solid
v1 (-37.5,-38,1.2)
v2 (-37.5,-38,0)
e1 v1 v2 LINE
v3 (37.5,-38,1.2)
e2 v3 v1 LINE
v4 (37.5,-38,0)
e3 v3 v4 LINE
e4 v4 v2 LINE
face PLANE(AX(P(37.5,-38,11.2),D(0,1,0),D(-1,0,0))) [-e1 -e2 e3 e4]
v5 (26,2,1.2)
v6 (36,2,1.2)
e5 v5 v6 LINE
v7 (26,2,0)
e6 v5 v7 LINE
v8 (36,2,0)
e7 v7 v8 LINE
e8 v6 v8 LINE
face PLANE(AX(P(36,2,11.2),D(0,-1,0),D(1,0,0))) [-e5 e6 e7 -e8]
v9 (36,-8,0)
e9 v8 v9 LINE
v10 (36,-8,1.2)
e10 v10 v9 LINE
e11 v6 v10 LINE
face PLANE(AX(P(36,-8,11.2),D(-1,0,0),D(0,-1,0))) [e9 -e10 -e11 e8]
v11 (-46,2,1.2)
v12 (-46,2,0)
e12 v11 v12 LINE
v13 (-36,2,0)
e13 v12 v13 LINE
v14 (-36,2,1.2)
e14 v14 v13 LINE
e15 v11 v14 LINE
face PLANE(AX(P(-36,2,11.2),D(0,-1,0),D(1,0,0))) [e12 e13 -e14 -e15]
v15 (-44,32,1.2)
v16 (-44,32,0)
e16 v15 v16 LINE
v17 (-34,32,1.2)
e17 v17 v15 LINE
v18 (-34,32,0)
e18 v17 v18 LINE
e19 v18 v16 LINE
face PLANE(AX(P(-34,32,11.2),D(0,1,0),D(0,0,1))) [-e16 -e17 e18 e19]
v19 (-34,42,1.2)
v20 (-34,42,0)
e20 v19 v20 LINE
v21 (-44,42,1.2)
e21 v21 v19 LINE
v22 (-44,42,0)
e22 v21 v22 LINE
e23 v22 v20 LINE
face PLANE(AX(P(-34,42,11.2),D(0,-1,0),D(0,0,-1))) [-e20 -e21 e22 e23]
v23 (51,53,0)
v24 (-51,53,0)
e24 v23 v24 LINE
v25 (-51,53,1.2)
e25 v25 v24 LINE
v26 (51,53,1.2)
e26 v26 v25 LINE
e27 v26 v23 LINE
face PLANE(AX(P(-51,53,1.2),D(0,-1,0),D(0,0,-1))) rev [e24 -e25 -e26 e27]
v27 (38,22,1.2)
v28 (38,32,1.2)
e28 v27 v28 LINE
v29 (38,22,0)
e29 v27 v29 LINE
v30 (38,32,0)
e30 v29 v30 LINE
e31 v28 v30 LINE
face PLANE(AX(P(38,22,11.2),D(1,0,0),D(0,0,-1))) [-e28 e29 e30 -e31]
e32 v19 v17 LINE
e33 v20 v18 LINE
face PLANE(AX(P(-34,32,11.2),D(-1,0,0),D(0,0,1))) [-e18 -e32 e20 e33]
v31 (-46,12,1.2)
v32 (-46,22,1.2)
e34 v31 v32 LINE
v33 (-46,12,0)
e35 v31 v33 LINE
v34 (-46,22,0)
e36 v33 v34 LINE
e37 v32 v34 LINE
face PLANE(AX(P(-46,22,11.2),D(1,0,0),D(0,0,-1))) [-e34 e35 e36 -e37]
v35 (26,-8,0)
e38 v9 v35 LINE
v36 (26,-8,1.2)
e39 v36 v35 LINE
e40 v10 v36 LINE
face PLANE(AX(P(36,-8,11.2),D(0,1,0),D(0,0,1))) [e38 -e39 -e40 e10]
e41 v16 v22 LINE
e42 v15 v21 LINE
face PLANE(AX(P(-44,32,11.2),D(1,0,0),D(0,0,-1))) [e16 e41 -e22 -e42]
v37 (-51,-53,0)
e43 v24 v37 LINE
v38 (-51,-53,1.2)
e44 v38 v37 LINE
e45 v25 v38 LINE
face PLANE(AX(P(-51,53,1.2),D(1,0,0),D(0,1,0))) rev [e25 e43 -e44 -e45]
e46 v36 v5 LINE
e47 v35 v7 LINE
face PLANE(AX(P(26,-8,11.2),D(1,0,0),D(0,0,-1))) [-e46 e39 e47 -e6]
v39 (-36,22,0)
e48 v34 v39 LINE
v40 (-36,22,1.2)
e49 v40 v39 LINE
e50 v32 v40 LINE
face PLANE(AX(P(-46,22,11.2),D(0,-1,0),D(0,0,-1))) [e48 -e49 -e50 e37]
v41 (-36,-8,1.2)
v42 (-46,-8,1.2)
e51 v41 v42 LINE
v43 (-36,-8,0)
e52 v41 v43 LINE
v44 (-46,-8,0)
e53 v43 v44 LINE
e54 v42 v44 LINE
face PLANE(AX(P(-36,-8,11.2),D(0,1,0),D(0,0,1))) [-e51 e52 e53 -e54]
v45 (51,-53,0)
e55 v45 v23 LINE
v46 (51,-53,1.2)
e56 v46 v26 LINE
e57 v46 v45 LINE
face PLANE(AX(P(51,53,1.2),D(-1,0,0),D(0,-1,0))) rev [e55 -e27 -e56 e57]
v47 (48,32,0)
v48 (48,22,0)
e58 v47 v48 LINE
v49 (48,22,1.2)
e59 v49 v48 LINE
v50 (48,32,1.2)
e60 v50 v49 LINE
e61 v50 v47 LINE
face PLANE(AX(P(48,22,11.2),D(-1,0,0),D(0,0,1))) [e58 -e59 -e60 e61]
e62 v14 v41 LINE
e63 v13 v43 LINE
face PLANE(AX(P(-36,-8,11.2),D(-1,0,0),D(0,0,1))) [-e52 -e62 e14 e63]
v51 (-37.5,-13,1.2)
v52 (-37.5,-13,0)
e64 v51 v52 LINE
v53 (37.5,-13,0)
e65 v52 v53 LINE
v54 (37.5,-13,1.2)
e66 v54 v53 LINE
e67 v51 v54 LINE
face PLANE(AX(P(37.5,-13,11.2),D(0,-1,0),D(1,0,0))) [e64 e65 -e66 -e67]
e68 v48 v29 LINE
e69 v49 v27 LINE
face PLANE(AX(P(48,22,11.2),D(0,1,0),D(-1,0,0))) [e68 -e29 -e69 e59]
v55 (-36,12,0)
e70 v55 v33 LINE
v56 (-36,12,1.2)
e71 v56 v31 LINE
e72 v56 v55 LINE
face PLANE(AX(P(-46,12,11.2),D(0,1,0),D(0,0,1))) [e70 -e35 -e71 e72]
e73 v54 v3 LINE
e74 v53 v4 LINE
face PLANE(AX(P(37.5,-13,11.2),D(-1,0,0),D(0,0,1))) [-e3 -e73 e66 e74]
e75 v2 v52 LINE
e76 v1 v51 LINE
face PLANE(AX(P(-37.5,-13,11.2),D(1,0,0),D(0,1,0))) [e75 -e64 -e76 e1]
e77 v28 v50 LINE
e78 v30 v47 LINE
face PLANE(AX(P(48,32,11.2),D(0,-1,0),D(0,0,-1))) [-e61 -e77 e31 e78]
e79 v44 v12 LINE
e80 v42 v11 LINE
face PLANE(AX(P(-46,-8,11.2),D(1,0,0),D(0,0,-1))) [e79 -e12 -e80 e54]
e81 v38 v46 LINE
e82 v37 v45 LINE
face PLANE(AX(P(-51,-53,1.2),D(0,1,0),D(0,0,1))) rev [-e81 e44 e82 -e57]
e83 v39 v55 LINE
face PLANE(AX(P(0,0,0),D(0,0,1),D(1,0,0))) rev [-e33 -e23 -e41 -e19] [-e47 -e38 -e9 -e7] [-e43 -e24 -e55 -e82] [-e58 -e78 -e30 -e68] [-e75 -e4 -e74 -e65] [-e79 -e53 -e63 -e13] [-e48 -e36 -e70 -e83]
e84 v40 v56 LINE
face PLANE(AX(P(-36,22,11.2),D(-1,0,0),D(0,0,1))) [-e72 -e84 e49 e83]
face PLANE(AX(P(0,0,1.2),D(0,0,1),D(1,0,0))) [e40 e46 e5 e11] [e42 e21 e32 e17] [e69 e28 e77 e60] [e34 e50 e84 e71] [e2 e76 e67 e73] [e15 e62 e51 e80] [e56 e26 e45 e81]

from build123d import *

# Parameters (mm, degrees)
SKETCH_1_W               = 102
SKETCH_1_H               = 106
EXTRUDE_1_DEPTH          = 1.2
CUT_EXTRUDE_2_DEPTH      = 10
CUT_EXTRUDE_2_DEPTH_BACK = 10
SKETCH_2_W               = 75
SKETCH_2_H               = 25
CUT_EXTRUDE_3_DEPTH      = 10
CUT_EXTRUDE_3_DEPTH_BACK = 10
SKETCH_3_W               = 10
SKETCH_3_H               = 10
CUT_EXTRUDE_4_DEPTH      = 10
CUT_EXTRUDE_4_DEPTH_BACK = 10
SKETCH_4_W               = 10
SKETCH_4_H               = 10


with BuildPart() as part:
    # 草图1 → 凸台-拉伸1 (new body)
    with BuildSketch(Plane.XY):
        Rectangle(SKETCH_1_W, SKETCH_1_H)
    extrude(amount=EXTRUDE_1_DEPTH)

    # 草图2 → 切除-拉伸2 (cut, two sides: drawn at the far end of the back side and taken through both)
    with BuildSketch(Plane.XY.offset(1.2).offset(-CUT_EXTRUDE_2_DEPTH_BACK)):
        with Locations((0, -25.5)):
            Rectangle(SKETCH_2_W, SKETCH_2_H)
    extrude(amount=CUT_EXTRUDE_2_DEPTH + CUT_EXTRUDE_2_DEPTH_BACK, mode=Mode.SUBTRACT)

    # 草图3 → 切除-拉伸3 (cut, two sides: drawn at the far end of the back side and taken through both)
    with BuildSketch(Plane.XY.offset(1.2).offset(-CUT_EXTRUDE_3_DEPTH_BACK)):
        with Locations((-41, -3)):
            Rectangle(SKETCH_3_W, SKETCH_3_H)
        with Locations((31, -3)):
            Rectangle(SKETCH_3_W, SKETCH_3_H)
    extrude(amount=CUT_EXTRUDE_3_DEPTH + CUT_EXTRUDE_3_DEPTH_BACK, mode=Mode.SUBTRACT)

    # 草图4 → 切除-拉伸4 (cut, two sides: drawn at the far end of the back side and taken through both)
    with BuildSketch(Plane.XY.offset(1.2).offset(-CUT_EXTRUDE_4_DEPTH_BACK)):
        with Locations((-41, 17)):
            Rectangle(SKETCH_4_W, SKETCH_4_H)
        with Locations((-39, 37)):
            Rectangle(SKETCH_4_W, SKETCH_4_H)
        with Locations((43, 27)):
            Rectangle(SKETCH_4_W, SKETCH_4_H)
    extrude(amount=CUT_EXTRUDE_4_DEPTH + CUT_EXTRUDE_4_DEPTH_BACK, mode=Mode.SUBTRACT)


solid = part.part
